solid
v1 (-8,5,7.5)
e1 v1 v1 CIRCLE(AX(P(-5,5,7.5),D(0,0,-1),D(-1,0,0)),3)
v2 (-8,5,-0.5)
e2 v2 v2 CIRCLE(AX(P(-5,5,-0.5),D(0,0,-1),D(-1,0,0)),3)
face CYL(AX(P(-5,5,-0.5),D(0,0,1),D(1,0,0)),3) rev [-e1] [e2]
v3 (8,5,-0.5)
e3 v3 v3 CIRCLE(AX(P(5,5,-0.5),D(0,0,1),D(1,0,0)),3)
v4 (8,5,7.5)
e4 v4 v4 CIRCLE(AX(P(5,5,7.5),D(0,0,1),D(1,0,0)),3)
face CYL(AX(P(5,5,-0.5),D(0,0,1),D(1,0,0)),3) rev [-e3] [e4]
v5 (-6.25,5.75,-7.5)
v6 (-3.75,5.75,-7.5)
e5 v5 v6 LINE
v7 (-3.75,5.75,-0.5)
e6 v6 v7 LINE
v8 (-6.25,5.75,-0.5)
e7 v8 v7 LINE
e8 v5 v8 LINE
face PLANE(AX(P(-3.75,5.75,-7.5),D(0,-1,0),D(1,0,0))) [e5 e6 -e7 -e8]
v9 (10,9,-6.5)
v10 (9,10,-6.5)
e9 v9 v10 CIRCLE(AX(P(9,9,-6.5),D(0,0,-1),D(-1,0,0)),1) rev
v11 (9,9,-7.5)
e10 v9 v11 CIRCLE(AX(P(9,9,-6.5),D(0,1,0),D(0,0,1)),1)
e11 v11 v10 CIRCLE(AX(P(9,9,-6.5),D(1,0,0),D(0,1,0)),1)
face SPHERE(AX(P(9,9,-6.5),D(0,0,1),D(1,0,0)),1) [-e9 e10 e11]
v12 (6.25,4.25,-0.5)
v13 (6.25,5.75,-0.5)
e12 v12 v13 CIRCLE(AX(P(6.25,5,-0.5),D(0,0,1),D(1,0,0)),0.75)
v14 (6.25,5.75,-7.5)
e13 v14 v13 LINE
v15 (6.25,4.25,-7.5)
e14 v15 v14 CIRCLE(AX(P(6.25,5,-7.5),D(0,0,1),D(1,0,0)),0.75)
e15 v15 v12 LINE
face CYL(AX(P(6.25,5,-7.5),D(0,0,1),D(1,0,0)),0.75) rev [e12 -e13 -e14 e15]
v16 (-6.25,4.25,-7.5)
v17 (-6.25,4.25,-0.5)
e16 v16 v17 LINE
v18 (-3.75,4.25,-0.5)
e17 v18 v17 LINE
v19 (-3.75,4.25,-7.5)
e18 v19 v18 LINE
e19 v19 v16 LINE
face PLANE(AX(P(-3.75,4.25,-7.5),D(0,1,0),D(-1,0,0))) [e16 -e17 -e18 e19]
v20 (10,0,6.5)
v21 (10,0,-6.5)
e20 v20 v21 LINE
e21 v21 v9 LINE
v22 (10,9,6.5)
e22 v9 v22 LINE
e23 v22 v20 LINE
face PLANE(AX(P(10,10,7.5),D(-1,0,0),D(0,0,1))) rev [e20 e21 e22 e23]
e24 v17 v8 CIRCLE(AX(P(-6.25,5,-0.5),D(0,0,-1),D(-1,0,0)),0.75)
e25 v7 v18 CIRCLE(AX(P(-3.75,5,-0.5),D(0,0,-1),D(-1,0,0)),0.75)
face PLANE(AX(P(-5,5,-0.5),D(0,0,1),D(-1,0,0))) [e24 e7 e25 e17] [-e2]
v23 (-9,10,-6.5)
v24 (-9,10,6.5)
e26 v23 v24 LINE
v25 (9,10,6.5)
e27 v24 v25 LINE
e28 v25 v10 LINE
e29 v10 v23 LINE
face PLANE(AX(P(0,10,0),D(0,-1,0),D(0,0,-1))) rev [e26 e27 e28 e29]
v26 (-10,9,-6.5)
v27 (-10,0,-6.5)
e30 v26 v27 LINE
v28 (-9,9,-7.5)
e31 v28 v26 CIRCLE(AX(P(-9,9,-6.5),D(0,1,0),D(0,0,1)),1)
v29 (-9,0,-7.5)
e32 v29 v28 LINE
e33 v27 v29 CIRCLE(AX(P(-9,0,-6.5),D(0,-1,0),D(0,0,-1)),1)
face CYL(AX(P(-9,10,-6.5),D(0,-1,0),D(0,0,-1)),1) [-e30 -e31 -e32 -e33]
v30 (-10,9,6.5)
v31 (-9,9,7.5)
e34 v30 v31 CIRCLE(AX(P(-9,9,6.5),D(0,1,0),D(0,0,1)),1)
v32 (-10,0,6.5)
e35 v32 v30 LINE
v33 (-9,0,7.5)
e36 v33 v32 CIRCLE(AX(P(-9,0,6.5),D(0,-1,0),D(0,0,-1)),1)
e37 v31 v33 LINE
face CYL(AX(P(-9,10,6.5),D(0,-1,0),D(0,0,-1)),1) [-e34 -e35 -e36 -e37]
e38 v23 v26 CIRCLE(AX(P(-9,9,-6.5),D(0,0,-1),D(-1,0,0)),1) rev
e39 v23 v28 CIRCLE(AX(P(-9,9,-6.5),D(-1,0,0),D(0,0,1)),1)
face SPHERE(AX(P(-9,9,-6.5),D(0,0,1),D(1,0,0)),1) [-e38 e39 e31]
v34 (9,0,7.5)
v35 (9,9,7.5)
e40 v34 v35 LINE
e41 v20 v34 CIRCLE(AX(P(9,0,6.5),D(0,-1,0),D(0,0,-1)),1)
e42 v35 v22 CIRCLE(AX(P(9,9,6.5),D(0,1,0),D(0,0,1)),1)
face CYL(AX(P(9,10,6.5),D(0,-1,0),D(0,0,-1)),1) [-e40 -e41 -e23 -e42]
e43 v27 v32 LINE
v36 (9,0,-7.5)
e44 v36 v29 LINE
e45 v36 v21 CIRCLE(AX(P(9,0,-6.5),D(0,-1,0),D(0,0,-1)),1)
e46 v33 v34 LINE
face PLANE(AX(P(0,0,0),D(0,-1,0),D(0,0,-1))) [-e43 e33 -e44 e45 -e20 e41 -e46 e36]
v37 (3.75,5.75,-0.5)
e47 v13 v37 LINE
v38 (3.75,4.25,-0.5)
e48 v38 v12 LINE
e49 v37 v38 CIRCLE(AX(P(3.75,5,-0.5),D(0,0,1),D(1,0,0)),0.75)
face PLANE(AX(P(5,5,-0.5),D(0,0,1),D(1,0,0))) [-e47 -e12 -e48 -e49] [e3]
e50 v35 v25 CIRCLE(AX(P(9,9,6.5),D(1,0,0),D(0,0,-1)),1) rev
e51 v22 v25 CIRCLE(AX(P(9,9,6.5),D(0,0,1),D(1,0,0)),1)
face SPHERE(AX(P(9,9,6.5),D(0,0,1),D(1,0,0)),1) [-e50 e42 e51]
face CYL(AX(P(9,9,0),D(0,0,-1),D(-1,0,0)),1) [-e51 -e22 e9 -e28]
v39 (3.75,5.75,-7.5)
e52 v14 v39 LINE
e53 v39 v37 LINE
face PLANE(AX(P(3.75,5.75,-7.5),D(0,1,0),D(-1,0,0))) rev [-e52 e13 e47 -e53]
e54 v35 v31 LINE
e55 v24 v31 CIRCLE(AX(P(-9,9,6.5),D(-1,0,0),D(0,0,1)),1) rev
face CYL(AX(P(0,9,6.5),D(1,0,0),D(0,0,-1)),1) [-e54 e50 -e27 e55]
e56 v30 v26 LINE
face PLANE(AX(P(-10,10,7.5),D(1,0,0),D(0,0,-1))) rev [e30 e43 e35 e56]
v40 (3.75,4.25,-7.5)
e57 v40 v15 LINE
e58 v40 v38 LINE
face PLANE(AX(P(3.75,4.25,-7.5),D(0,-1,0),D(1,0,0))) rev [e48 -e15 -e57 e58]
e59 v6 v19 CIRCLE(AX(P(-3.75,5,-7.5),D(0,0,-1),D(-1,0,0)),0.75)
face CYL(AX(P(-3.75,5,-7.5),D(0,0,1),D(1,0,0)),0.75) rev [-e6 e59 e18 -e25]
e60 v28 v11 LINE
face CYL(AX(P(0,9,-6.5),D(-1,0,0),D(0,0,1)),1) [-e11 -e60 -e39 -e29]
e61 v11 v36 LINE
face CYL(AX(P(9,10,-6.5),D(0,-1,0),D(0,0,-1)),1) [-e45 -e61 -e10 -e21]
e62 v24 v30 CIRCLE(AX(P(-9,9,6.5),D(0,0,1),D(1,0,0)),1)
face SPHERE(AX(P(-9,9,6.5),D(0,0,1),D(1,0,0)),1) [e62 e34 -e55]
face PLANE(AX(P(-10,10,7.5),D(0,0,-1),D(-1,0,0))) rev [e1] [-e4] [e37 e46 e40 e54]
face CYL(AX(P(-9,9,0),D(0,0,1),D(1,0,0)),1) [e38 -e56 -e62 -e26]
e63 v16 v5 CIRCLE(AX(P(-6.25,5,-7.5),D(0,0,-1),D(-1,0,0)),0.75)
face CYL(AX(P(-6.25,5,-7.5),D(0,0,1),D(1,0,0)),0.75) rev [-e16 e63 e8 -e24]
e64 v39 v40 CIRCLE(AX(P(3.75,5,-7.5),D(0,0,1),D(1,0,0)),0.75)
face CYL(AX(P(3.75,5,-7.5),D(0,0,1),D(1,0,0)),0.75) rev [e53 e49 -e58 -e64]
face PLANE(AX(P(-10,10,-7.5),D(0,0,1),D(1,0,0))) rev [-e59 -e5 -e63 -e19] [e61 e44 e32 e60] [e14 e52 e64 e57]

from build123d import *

# Parameters (mm, degrees)
SKETCH1_W           = 20
SKETCH1_H           = 15
BOSS_EXTRUDE1_DEPTH = 10
SKETCH4_R           = 3
CUT_EXTRUDE1_DEPTH  = 8
CUT_EXTRUDE2_DEPTH  = 8
FILLET1_R           = 1


with BuildPart() as part:
    # Sketch1 → Boss-Extrude1 (new body)
    with BuildSketch(Plane(origin=(0, 0, 0), x_dir=(1, 0, 0), z_dir=(0, 1, 0))):
        Rectangle(SKETCH1_W, SKETCH1_H)
    extrude(amount=BOSS_EXTRUDE1_DEPTH)

    # Sketch4 → Cut-Extrude1 (cut)
    with BuildSketch(Plane.XY.offset(7.5)):
        with Locations((5, 5)):
            Circle(SKETCH4_R)
    cut_extrude1 = extrude(amount=-CUT_EXTRUDE1_DEPTH, mode=Mode.SUBTRACT)

    # Sketch6 → Cut-Extrude2 (cut, through all)
    with BuildSketch(Plane.XY.offset(-0.5)):
        with BuildLine():
            Line((3.75, 5.75), (6.25, 5.75))
            ThreePointArc((6.25, 5.75), (7, 5), (6.25, 4.25))
            Line((6.25, 4.25), (3.75, 4.25))
            ThreePointArc((3.75, 4.25), (3, 5), (3.75, 5.75))
        make_face()
    cut_extrude2 = extrude(amount=-CUT_EXTRUDE2_DEPTH, mode=Mode.SUBTRACT)

    # Mirror1: Cut-Extrude1, Cut-Extrude2 across plane
    add(cut_extrude1.mirror(Plane(origin=(0, 0, 0), x_dir=(0, 0, 1), z_dir=(1, 0, 0))), mode=Mode.SUBTRACT)
    add(cut_extrude2.mirror(Plane(origin=(0, 0, 0), x_dir=(0, 0, 1), z_dir=(1, 0, 0))), mode=Mode.SUBTRACT)

    # Fillet1
    fillet1_edges = [part.edges().sort_by_distance(p)[0] for p in [
        (-10, 10, 0),
        (0, 10, 7.5),
        (10, 10, 0),
        (0, 10, -7.5),
        (10, 5, 7.5),
        (-10, 5, 7.5),
        (-10, 5, -7.5),
        (10, 5, -7.5),
    ]]
    fillet(fillet1_edges, radius=FILLET1_R)


solid = part.part
